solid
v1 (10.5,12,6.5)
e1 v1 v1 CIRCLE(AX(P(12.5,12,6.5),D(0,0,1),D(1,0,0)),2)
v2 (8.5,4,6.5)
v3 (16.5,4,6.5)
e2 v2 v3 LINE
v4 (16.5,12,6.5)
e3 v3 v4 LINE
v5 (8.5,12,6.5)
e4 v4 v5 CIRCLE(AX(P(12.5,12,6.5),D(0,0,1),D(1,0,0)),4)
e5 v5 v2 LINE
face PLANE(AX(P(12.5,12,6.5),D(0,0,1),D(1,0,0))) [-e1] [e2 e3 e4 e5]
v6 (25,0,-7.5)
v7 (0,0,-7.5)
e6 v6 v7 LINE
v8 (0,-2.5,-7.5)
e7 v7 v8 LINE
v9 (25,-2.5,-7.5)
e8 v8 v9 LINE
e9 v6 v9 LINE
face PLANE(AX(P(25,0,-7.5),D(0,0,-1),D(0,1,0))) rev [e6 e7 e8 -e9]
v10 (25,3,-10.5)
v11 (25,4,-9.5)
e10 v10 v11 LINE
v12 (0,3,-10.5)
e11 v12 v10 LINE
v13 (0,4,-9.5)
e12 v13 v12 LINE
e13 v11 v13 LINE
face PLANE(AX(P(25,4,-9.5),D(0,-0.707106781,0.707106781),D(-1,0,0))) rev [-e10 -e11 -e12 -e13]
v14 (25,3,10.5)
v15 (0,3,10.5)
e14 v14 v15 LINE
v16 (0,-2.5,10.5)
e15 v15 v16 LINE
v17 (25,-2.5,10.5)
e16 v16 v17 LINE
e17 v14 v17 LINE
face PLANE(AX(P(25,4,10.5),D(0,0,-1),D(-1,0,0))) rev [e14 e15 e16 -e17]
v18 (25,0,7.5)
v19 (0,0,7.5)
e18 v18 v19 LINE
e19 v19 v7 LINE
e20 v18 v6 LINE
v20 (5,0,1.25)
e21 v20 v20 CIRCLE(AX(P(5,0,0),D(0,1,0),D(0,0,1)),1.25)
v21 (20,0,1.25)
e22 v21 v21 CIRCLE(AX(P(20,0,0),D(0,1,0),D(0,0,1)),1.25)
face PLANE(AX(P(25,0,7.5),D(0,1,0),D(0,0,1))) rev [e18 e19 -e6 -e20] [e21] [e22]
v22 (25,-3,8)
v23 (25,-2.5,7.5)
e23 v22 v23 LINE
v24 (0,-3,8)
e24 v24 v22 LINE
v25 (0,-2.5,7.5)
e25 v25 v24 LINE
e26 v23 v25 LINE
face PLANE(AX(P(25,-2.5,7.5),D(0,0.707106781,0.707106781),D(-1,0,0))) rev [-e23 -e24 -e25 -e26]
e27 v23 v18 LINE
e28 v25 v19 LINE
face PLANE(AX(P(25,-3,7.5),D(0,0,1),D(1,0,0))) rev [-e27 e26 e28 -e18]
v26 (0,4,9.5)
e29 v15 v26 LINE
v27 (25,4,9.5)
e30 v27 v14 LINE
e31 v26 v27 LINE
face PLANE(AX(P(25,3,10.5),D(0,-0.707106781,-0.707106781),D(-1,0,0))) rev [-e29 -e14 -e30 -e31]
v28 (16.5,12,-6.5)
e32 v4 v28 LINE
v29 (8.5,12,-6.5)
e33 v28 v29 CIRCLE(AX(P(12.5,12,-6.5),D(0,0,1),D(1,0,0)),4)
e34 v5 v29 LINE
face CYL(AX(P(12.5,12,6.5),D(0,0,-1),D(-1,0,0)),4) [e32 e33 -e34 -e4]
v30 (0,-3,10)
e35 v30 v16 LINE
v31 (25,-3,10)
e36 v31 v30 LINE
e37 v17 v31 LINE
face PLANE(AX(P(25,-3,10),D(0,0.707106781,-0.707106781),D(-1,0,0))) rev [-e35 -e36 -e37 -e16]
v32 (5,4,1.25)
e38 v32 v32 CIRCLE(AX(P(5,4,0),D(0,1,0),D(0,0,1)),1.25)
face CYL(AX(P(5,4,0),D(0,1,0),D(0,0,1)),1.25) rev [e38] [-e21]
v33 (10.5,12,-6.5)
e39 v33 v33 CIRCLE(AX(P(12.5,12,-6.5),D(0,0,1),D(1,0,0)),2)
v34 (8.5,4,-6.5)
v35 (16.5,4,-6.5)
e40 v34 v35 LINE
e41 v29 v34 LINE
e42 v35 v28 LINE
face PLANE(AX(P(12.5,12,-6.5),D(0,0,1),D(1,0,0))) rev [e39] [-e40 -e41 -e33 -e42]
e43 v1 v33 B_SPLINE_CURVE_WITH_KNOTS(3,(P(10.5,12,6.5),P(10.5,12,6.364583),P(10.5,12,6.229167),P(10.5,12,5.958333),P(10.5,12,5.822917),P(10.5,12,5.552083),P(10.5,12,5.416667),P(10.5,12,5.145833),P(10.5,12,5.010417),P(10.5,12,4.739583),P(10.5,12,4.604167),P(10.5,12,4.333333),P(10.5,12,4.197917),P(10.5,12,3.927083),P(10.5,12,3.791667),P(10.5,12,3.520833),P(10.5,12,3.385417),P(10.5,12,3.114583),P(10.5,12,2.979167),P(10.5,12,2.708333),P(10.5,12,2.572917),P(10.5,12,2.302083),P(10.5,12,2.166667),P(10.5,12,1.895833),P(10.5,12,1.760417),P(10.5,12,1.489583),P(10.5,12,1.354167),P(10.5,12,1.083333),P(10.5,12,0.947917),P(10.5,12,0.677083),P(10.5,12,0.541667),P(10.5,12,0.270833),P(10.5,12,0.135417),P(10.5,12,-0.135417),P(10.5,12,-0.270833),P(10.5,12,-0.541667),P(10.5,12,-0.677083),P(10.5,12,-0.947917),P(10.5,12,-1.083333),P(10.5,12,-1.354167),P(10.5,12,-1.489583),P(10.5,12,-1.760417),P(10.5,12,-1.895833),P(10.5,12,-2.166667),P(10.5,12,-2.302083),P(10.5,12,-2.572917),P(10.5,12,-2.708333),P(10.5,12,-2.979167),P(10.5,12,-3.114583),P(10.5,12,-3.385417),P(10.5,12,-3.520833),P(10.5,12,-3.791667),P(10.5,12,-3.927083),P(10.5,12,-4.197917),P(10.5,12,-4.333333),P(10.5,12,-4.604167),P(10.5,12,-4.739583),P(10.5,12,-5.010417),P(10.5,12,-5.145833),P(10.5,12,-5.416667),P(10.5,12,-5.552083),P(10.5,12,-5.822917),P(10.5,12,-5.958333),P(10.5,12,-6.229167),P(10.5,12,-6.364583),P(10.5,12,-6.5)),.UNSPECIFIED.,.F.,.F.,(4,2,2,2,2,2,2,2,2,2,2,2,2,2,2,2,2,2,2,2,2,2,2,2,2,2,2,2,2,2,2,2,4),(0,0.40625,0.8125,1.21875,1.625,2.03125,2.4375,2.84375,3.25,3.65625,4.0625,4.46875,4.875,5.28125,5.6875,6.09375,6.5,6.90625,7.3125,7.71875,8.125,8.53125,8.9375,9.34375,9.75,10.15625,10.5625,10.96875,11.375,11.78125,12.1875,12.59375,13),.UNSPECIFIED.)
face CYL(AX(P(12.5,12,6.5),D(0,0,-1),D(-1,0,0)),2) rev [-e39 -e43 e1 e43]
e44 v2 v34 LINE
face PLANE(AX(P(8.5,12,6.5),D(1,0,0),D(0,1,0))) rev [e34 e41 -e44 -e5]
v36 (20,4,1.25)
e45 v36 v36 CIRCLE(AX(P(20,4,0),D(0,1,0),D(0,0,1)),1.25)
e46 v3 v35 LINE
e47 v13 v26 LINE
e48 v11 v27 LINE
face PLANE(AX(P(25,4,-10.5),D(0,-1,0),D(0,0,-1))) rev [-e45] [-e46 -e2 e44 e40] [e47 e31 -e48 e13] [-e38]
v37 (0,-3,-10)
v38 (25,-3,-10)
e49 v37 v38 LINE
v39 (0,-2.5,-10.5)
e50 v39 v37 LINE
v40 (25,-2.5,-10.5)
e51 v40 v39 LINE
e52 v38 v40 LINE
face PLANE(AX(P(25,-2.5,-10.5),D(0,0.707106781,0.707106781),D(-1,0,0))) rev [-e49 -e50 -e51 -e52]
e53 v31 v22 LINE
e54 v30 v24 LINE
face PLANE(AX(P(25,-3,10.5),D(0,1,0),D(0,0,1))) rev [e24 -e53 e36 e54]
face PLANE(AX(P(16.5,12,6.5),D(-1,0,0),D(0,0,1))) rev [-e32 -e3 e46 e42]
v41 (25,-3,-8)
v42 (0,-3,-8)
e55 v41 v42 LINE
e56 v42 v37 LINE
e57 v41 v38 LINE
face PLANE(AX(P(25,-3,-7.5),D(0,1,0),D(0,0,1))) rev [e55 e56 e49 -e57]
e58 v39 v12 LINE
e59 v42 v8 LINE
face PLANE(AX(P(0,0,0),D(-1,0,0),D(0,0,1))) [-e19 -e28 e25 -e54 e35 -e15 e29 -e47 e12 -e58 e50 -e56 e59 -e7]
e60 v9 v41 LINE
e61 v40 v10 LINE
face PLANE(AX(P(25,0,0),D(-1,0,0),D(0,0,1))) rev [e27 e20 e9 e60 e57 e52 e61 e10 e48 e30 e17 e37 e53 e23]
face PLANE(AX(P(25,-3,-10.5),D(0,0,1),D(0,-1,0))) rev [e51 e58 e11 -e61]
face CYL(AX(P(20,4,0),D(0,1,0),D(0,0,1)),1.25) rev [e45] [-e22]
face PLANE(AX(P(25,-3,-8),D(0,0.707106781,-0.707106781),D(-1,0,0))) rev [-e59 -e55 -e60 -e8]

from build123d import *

# Parameters (mm, degrees)
EXTRUDE_1_DEPTH    = 25
SKETCH_2_R         = 2
EXTRUDE_2_DEPTH    = 6.5
HOLE_WIZARD_M3_1_D = 2.5
CHAMFER_1_SIZE     = 1
CHAMFER_2_SIZE     = 0.5


with BuildPart() as part:
    # 草图1 → 凸台-拉伸1 (new body)
    with BuildSketch(Plane(origin=(0, 0, 0), x_dir=(0, 0, -1), z_dir=(1, 0, 0))):
        Polygon((-7.5, 0), (7.5, 0), (7.5, -3), (10.5, -3), (10.5, 4), (-10.5, 4), (-10.5, -3), (-7.5, -3), align=None)
    extrude(amount=EXTRUDE_1_DEPTH)

    # 草图2 → 凸台-拉伸2 (add, symmetric)
    with BuildSketch(Plane.XY):
        with BuildLine():
            Line((8.5, 12), (8.5, 4))
            Line((8.5, 4), (16.5, 4))
            Line((16.5, 4), (16.5, 12))
            ThreePointArc((16.5, 12), (12.5, 16), (8.5, 12))
        make_face()
        with Locations(Location((12.5, 12, 0), (0, 0, 180))):
            Circle(SKETCH_2_R, mode=Mode.SUBTRACT)
    extrude(amount=EXTRUDE_2_DEPTH, both=True)

    # M3 螺纹孔1 (through all)
    with Locations(Plane(origin=(0, 4, 0), x_dir=(1, 0, 0), z_dir=(0, 1, 0))):
        with Locations((5, 0), (20, 0)):
            Hole(HOLE_WIZARD_M3_1_D / 2)

    # 倒角1
    chamfer_1_edges = [part.edges().sort_by_distance(p)[0] for p in [
        (12.5, 4, 10.5),
        (12.5, 4, -10.5),
    ]]
    chamfer(chamfer_1_edges, length=CHAMFER_1_SIZE)

    # 倒角2
    chamfer_2_edges = [part.edges().sort_by_distance(p)[0] for p in [
        (12.5, -3, 7.5),
        (12.5, -3, 10.5),
        (12.5, -3, -10.5),
        (12.5, -3, -7.5),
    ]]
    chamfer(chamfer_2_edges, length=CHAMFER_2_SIZE)


solid = part.part
